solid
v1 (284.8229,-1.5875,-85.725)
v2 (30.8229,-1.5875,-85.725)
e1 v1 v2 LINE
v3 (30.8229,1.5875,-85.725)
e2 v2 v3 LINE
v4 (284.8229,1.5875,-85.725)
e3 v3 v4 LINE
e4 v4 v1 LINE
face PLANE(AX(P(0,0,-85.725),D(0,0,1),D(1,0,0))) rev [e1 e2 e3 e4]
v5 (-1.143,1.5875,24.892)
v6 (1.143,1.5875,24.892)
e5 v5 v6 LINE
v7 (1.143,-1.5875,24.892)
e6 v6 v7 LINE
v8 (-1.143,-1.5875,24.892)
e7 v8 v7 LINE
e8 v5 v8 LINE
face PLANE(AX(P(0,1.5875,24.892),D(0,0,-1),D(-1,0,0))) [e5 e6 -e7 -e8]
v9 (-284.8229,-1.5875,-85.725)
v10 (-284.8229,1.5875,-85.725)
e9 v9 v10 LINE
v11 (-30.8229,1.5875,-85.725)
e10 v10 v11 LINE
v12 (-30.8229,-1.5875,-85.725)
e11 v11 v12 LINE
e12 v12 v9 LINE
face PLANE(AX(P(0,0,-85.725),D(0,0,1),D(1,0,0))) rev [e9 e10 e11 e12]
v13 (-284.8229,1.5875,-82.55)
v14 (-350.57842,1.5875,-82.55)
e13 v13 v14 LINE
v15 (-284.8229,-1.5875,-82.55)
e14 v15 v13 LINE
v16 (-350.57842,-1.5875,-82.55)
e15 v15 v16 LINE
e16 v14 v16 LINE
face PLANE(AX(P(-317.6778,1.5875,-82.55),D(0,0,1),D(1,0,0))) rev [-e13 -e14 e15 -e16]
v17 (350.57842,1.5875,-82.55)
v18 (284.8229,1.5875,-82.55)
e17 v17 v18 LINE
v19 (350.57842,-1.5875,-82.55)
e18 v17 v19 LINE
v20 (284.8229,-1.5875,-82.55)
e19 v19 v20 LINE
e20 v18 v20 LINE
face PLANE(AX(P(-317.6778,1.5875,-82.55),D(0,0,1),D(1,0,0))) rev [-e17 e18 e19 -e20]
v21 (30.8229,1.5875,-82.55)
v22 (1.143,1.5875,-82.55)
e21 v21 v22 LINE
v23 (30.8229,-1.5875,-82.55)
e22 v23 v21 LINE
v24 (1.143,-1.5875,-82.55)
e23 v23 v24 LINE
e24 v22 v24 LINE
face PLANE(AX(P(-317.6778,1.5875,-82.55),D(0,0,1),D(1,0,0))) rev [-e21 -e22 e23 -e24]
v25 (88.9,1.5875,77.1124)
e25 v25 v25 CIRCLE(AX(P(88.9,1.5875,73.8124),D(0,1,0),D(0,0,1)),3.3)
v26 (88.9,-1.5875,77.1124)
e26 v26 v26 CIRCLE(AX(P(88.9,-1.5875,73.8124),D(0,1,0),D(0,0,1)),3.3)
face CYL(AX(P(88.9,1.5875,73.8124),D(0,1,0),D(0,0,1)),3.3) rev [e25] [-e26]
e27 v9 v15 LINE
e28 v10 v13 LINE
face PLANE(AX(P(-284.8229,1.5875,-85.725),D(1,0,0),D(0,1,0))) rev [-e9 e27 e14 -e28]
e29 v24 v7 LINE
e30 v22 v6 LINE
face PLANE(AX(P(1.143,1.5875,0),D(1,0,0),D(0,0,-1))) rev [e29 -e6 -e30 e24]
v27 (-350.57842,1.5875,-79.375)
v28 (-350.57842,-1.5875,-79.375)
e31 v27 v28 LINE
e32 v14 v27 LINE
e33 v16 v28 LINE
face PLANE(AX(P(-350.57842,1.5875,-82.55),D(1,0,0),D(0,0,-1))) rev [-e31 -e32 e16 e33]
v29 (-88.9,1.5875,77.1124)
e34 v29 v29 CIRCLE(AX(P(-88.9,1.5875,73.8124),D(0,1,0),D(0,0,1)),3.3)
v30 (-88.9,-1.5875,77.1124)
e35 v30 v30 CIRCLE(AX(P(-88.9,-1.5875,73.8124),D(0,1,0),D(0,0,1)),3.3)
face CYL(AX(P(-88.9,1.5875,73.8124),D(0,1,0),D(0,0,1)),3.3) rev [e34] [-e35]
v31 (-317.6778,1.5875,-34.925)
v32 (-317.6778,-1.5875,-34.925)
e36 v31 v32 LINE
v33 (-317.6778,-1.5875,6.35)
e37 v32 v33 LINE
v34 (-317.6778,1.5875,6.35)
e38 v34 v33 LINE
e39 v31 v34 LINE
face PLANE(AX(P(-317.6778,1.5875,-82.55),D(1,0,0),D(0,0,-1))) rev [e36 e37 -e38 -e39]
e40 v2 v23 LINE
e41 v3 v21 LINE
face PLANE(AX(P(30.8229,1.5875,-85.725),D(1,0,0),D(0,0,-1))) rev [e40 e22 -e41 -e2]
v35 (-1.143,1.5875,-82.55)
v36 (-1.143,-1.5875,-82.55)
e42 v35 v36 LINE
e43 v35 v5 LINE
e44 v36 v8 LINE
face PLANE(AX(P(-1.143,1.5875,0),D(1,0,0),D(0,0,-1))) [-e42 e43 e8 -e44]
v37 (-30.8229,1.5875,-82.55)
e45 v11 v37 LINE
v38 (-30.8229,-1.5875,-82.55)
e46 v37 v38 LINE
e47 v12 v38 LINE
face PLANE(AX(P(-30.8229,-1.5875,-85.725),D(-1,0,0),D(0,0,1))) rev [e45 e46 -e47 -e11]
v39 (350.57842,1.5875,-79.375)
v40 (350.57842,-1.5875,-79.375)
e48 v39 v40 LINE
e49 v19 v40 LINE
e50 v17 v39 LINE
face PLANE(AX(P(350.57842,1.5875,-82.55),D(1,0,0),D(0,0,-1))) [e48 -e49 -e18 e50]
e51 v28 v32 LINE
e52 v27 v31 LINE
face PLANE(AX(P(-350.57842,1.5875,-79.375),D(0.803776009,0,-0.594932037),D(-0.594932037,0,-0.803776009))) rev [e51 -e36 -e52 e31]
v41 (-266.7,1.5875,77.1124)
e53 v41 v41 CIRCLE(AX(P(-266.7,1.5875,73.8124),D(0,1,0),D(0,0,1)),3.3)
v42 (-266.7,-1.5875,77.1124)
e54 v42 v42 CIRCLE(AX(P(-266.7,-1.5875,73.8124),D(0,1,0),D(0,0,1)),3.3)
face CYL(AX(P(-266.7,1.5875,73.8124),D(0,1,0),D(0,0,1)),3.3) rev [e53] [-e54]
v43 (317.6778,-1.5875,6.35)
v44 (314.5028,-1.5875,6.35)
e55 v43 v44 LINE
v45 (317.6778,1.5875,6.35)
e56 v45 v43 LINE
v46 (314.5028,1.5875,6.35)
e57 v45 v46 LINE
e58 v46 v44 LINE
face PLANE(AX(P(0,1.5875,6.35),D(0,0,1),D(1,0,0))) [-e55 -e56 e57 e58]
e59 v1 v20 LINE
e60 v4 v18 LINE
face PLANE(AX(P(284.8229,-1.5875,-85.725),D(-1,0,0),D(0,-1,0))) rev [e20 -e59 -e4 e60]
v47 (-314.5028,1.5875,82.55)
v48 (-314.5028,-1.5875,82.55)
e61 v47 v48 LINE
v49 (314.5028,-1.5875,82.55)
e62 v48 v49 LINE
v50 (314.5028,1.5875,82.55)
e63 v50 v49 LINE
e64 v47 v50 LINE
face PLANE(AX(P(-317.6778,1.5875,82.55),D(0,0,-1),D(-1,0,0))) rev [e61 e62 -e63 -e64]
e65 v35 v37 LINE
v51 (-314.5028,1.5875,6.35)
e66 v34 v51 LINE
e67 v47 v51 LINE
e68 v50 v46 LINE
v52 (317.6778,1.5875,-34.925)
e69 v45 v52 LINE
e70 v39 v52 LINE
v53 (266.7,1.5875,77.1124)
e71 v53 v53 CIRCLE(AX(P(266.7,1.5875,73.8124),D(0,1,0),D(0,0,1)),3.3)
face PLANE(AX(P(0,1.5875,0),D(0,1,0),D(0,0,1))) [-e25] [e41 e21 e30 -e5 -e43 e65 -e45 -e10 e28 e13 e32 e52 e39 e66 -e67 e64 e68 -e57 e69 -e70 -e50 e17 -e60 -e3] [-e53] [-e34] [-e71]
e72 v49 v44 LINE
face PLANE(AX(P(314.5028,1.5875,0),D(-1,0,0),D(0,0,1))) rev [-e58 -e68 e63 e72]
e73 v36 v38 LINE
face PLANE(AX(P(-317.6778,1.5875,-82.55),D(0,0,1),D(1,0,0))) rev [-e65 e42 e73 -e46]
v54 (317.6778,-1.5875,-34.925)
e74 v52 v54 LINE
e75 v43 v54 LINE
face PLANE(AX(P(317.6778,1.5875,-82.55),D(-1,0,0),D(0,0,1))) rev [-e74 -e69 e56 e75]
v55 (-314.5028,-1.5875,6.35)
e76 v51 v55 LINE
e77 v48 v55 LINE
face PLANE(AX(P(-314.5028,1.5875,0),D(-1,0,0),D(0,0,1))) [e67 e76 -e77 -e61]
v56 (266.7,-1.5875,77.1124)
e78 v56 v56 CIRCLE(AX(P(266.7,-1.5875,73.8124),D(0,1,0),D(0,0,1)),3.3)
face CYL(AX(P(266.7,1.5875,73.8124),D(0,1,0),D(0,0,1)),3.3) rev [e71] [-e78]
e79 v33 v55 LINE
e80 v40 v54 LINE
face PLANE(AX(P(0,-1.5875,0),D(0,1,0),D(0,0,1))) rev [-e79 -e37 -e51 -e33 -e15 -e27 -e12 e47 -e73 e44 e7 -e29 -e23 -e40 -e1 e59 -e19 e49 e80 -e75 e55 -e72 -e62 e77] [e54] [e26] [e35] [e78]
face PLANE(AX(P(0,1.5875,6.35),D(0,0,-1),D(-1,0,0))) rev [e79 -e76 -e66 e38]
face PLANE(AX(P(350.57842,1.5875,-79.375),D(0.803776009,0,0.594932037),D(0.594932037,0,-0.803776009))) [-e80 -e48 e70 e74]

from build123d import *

# Parameters (mm, degrees)
SKETCH1_W            = 635.3556
SKETCH1_H            = 165.1
BOSS_EXTRUDE1_DEPTH  = 1.5875
SKETCH2_W            = 254
SKETCH2_H            = 3.175
BOSS_EXTRUDE2_DEPTH  = 3.175
BOSS_EXTRUDE3_DEPTH  = 3.175
SKETCH5_W            = 1.143
SKETCH5_H            = 107.442
SKETCH5_W_2          = 3.175
SKETCH5_H_2          = 76.2
CUT_EXTRUDE2_DEPTH   = 361.921161502
M6_CLEARANCE_HOLE1_D = 6.6
LPATTERN2_COUNT      = 4
LPATTERN2_PITCH      = 177.8


with BuildPart() as part:
    # Sketch1 → Boss-Extrude1 (new, symmetric)
    with BuildSketch(Plane(origin=(0, 0, 0), x_dir=(1, 0, 0), z_dir=(0, 1, 0))):
        Rectangle(SKETCH1_W, SKETCH1_H)
    extrude(amount=BOSS_EXTRUDE1_DEPTH, both=True)

    # Sketch2 → Boss-Extrude2 (add)
    with BuildSketch(Plane(origin=(0, 0, -82.55), x_dir=(-1, 0, 0), z_dir=(0, 0, -1))):
        with Locations((-157.8229, 0)):
            Rectangle(SKETCH2_W, SKETCH2_H)
        with Locations((157.8229, 0)):
            Rectangle(SKETCH2_W, SKETCH2_H)
    extrude(amount=BOSS_EXTRUDE2_DEPTH)

    # Sketch3 → Boss-Extrude3 (add)
    with BuildSketch(Plane.XZ.offset(1.5875)):
        Polygon((317.6778, -82.55), (350.57842, -82.55), (350.57842, -79.375), (317.6778, -34.925), align=None)
    boss_extrude3 = extrude(amount=-BOSS_EXTRUDE3_DEPTH)

    # Mirror1: Boss-Extrude3 across plane
    add(boss_extrude3.mirror(Plane(origin=(0, 0, 0), x_dir=(0, 0, 1), z_dir=(1, 0, 0))))

    # Sketch5 → Cut-Extrude2 (cut, through all)
    with BuildSketch(Plane.XZ.offset(1.5875)):
        with Locations((0.5715, -28.829)):
            Rectangle(SKETCH5_W, SKETCH5_H)
        with Locations((-0.5715, -28.829)):
            Rectangle(SKETCH5_W, SKETCH5_H)
        with Locations((-316.0903, 44.45)):
            Rectangle(SKETCH5_W_2, SKETCH5_H_2)
        with Locations((316.0903, 44.45)):
            Rectangle(SKETCH5_W_2, SKETCH5_H_2)
    extrude(amount=-CUT_EXTRUDE2_DEPTH, mode=Mode.SUBTRACT)

    # M6 Clearance Hole1 (through all)
    with Locations(Plane(origin=(0, 1.5875, 0), x_dir=(1, 0, 0), z_dir=(0, 1, 0))):
        with Locations((266.7, -73.8124)):
            m6_clearance_hole1 = Hole(M6_CLEARANCE_HOLE1_D / 2)

    # LPattern2: M6 Clearance Hole1 ×4
    with Locations(*[(-i * LPATTERN2_PITCH, 0, 0) for i in range(1, LPATTERN2_COUNT)]):
        add(m6_clearance_hole1, mode=Mode.SUBTRACT)


solid = part.part
